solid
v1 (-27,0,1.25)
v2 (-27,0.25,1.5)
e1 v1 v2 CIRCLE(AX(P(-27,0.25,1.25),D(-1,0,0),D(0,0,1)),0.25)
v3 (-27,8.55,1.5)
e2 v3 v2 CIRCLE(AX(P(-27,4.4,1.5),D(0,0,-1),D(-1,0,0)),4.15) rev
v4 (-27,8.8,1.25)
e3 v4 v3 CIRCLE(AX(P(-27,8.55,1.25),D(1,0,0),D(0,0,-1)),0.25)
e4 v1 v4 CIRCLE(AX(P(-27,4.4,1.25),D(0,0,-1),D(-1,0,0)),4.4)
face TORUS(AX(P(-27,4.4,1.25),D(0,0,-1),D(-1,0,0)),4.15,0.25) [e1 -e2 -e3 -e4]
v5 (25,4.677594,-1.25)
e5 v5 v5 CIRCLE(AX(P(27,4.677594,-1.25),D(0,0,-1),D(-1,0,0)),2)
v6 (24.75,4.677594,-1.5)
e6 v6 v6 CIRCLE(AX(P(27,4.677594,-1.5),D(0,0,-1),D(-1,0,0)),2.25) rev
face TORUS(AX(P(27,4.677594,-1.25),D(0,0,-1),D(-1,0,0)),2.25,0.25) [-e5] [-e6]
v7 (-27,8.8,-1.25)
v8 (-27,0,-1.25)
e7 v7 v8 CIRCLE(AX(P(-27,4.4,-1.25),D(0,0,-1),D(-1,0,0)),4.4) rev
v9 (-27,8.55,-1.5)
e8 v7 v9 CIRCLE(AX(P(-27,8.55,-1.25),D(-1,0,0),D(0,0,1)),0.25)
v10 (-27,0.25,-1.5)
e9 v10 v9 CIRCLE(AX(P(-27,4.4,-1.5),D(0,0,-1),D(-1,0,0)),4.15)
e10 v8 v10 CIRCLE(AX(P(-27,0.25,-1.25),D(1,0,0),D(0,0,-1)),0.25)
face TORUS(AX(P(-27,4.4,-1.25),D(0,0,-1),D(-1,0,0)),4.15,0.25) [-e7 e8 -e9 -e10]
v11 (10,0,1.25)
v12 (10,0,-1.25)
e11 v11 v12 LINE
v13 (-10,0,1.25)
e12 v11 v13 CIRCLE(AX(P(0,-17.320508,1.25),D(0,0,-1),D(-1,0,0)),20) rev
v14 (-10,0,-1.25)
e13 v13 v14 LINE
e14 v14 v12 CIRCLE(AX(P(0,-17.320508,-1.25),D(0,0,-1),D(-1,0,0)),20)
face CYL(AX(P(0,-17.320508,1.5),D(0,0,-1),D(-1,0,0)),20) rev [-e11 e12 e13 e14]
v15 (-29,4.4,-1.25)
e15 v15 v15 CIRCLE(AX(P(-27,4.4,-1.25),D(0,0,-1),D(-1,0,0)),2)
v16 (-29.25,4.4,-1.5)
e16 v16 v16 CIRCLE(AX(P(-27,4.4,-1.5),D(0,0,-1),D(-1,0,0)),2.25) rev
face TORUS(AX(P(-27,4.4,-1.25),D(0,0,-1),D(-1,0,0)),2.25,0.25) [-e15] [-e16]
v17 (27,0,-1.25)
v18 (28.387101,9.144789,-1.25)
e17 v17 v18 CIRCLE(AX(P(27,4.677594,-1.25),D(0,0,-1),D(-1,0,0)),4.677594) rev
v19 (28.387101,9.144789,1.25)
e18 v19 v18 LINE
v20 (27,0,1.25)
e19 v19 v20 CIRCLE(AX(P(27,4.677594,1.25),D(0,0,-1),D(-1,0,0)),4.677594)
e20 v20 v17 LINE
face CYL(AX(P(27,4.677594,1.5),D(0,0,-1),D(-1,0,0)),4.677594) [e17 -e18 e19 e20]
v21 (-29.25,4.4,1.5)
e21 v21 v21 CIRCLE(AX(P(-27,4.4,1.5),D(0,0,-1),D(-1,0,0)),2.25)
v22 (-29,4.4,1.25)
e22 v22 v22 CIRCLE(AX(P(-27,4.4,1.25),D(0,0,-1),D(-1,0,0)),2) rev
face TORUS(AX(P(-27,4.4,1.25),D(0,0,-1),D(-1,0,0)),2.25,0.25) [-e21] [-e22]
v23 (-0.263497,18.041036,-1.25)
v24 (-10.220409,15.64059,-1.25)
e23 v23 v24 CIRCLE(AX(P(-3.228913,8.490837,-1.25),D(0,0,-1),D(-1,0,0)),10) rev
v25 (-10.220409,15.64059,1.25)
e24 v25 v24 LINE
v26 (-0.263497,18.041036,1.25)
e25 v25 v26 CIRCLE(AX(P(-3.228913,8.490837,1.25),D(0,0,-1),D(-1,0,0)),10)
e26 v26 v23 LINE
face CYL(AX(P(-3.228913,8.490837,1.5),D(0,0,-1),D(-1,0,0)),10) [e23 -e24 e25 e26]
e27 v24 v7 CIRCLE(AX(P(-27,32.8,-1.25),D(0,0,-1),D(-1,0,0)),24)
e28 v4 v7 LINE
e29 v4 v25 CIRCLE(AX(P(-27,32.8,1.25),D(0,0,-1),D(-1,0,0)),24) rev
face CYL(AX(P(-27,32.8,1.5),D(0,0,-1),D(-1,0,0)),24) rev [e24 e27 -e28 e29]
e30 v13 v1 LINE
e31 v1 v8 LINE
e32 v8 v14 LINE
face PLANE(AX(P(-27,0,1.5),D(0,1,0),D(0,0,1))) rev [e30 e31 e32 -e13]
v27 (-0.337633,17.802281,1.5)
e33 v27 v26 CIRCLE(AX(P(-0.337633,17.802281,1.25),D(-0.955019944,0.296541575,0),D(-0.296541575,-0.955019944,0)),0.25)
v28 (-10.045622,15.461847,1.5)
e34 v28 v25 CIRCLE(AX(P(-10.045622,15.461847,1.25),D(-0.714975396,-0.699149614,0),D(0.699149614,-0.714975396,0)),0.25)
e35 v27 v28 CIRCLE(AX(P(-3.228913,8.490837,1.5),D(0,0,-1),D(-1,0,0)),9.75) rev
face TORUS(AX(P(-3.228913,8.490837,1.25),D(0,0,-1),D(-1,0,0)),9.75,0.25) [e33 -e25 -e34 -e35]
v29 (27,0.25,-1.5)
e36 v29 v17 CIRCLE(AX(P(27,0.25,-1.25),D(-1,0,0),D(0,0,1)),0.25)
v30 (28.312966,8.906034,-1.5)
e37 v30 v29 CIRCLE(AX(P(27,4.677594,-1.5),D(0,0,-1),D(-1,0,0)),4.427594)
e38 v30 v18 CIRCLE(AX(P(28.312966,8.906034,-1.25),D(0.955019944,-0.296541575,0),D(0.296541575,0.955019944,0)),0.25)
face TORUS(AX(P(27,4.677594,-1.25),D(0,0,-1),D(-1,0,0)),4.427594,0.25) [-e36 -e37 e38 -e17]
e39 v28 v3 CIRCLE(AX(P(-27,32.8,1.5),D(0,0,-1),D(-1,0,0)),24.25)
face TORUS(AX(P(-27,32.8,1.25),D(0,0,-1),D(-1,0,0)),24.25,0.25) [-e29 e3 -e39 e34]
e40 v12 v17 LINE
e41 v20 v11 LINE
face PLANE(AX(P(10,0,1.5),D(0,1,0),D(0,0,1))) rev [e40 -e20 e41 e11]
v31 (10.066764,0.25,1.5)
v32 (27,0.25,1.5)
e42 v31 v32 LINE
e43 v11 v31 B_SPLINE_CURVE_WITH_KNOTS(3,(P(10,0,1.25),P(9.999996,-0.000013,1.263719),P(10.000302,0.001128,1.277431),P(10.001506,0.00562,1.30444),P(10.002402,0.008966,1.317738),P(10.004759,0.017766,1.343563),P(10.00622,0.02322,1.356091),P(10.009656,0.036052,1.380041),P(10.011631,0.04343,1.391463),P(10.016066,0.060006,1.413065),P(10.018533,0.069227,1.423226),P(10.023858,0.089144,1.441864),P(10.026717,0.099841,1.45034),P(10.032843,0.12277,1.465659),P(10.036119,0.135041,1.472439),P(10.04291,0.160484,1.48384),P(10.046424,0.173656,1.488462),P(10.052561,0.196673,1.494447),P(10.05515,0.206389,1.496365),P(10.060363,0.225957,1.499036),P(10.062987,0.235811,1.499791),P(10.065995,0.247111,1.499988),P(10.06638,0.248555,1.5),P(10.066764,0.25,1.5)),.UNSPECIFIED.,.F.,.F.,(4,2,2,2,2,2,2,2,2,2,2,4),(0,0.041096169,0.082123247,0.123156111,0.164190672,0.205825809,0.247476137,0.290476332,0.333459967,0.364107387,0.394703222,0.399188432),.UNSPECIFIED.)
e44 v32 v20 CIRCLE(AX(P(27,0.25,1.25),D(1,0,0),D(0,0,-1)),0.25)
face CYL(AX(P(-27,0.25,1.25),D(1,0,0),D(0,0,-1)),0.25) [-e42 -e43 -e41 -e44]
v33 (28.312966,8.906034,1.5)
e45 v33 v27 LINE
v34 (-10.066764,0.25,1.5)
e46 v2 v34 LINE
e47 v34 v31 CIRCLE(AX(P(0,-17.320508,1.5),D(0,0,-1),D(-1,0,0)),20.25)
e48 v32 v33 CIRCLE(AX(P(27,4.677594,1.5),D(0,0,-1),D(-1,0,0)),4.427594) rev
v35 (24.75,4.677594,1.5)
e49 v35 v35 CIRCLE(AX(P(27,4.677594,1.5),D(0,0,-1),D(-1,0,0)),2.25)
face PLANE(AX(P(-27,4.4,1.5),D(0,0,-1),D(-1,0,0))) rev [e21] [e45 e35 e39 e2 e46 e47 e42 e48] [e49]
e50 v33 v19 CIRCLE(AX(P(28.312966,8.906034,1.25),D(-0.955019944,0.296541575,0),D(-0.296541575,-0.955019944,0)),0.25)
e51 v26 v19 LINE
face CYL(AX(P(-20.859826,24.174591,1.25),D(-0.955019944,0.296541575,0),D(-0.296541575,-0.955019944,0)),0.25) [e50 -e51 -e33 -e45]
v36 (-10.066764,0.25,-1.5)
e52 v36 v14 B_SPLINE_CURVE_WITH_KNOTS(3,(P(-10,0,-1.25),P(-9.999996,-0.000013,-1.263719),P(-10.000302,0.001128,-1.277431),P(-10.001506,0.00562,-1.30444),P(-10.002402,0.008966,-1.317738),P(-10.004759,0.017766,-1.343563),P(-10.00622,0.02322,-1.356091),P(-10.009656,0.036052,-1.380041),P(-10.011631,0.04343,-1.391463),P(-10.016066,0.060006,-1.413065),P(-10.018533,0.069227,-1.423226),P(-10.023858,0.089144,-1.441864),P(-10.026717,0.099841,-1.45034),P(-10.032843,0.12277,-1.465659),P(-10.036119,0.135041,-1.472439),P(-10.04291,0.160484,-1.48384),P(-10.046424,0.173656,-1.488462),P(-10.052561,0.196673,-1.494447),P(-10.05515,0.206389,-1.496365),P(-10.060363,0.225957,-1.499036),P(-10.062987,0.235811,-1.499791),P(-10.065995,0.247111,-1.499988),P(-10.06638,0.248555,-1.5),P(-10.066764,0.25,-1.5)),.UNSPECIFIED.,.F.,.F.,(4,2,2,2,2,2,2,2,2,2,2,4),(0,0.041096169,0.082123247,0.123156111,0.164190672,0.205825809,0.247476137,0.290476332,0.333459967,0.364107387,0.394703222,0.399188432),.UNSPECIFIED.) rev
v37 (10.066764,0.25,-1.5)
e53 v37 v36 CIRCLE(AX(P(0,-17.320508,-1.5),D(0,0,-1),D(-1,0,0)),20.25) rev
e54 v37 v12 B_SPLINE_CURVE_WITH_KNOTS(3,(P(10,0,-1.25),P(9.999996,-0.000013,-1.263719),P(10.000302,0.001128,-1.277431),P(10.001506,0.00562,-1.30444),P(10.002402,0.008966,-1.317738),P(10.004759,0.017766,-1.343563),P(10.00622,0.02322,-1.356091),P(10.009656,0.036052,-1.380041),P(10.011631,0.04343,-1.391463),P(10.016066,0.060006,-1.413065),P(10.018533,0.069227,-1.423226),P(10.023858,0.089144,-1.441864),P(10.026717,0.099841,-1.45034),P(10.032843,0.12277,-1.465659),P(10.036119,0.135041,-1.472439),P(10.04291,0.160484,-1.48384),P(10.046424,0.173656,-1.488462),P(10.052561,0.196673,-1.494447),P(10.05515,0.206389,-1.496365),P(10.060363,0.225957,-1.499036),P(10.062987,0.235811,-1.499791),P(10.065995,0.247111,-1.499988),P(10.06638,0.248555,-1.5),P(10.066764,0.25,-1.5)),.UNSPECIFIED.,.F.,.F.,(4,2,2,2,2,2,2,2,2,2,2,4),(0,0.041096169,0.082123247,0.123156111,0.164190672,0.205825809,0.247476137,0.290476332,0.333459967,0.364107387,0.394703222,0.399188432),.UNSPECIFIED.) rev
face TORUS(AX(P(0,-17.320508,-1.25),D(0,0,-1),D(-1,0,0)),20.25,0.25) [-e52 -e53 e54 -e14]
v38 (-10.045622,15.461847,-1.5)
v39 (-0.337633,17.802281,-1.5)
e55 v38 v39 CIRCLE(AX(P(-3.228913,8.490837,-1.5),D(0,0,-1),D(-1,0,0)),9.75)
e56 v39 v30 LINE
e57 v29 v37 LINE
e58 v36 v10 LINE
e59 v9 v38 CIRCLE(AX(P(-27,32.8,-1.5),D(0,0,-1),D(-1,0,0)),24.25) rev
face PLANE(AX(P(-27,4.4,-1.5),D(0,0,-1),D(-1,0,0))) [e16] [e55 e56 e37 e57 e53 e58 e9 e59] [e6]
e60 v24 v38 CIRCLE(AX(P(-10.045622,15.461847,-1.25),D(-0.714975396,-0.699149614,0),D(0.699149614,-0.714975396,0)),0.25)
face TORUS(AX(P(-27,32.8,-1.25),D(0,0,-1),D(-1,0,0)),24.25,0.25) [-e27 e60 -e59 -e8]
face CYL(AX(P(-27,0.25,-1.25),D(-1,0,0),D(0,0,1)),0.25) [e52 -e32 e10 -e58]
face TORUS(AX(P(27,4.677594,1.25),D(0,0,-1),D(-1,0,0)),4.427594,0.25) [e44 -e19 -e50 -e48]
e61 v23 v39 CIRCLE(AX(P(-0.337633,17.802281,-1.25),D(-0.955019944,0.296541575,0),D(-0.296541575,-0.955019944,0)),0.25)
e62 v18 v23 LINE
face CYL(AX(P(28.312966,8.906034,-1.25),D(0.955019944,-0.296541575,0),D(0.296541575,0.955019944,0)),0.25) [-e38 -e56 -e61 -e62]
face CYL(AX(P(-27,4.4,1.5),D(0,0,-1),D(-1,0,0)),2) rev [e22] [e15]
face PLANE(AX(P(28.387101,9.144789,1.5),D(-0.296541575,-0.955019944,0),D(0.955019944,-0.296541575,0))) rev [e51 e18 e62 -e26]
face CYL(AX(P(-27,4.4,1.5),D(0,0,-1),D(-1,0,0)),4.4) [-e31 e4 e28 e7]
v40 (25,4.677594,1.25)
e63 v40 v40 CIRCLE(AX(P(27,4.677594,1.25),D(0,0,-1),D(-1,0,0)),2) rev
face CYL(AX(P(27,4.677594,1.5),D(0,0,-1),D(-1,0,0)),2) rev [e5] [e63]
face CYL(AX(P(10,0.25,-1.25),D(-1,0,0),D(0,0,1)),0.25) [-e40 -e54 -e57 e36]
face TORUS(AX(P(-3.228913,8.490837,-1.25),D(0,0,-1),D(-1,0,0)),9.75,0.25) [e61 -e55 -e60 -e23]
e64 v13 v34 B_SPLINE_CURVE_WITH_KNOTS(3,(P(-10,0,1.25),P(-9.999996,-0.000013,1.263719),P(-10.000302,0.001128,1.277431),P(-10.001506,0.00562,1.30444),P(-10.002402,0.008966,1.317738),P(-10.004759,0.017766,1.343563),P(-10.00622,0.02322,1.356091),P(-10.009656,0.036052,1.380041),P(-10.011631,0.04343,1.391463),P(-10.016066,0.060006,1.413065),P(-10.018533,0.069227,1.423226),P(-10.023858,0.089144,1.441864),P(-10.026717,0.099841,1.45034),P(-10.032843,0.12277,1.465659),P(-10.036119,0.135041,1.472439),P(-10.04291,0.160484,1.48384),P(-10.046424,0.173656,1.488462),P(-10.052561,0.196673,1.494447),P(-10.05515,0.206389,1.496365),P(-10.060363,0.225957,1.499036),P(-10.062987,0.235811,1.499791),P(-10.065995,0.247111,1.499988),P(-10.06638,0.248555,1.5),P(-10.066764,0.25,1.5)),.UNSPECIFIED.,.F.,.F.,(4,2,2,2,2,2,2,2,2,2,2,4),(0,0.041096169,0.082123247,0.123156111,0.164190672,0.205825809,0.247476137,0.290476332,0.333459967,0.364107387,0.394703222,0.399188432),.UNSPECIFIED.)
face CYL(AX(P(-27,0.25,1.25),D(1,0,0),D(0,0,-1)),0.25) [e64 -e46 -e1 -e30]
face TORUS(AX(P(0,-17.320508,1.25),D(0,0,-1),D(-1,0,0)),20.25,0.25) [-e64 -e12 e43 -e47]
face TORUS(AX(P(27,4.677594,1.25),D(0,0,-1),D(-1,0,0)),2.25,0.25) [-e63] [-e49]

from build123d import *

# Parameters (mm, degrees)
SKETCH1_R           = 2
BOSS_EXTRUDE1_DEPTH = 1.5
FILLET1_R           = 0.25


with BuildPart() as part:
    # Sketch1 → Boss-Extrude1 (new, symmetric)
    with BuildSketch(Plane.XY):
        with BuildLine():
            Line((-27, 0), (-10, 0))
            ThreePointArc((-10, 0), (0, 2.679491924), (10, 0))
            Line((10, 0), (27, 0))
            ThreePointArc((27, 0), (31.624694854, 3.976110042), (28.387100965, 9.144788729))
            Line((28.387100965, 9.144788729), (-0.263497368, 18.041035978))
            ThreePointArc((-0.263497368, 18.041035978), (-5.572599415, 18.212314535), (-10.22040926, 15.640590494))
            ThreePointArc((-10.22040926, 15.640590494), (-17.939807622, 10.575848406), (-27, 8.8))
            ThreePointArc((-27, 8.8), (-31.4, 4.4), (-27, 0))
        make_face()
        with Locations((27, 4.677593574)):
            Circle(SKETCH1_R, mode=Mode.SUBTRACT)
        with Locations((-27, 4.4)):
            Circle(SKETCH1_R, mode=Mode.SUBTRACT)
    extrude(amount=BOSS_EXTRUDE1_DEPTH, both=True)

    # Fillet1
    fillet1_edges = [part.edges().sort_by_distance(p)[0] for p in [
        (0, 2.679491924, 1.5),
        (-18.5, 0, -1.5),
        (-31.4, 4.4, -1.5),
        (18.5, 0, 1.5),
        (31.624694854, 3.976110042, 1.5),
        (14.061801799, 13.592912353, 1.5),
        (-29, 4.4, -1.5),
        (-29, 4.4, 1.5),
        (-5.572599415, 18.212314535, 1.5),
        (25, 4.677593574, -1.5),
        (25, 4.677593574, 1.5),
        (-17.939807622, 10.575848406, 1.5),
        (-31.4, 4.4, 1.5),
        (-18.5, 0, 1.5),
        (-17.939807622, 10.575848406, -1.5),
        (-5.572599415, 18.212314535, -1.5),
        (14.061801799, 13.592912353, -1.5),
        (31.624694854, 3.976110042, -1.5),
        (18.5, 0, -1.5),
        (0, 2.679491924, -1.5),
    ]]
    fillet(fillet1_edges, radius=FILLET1_R)


solid = part.part
